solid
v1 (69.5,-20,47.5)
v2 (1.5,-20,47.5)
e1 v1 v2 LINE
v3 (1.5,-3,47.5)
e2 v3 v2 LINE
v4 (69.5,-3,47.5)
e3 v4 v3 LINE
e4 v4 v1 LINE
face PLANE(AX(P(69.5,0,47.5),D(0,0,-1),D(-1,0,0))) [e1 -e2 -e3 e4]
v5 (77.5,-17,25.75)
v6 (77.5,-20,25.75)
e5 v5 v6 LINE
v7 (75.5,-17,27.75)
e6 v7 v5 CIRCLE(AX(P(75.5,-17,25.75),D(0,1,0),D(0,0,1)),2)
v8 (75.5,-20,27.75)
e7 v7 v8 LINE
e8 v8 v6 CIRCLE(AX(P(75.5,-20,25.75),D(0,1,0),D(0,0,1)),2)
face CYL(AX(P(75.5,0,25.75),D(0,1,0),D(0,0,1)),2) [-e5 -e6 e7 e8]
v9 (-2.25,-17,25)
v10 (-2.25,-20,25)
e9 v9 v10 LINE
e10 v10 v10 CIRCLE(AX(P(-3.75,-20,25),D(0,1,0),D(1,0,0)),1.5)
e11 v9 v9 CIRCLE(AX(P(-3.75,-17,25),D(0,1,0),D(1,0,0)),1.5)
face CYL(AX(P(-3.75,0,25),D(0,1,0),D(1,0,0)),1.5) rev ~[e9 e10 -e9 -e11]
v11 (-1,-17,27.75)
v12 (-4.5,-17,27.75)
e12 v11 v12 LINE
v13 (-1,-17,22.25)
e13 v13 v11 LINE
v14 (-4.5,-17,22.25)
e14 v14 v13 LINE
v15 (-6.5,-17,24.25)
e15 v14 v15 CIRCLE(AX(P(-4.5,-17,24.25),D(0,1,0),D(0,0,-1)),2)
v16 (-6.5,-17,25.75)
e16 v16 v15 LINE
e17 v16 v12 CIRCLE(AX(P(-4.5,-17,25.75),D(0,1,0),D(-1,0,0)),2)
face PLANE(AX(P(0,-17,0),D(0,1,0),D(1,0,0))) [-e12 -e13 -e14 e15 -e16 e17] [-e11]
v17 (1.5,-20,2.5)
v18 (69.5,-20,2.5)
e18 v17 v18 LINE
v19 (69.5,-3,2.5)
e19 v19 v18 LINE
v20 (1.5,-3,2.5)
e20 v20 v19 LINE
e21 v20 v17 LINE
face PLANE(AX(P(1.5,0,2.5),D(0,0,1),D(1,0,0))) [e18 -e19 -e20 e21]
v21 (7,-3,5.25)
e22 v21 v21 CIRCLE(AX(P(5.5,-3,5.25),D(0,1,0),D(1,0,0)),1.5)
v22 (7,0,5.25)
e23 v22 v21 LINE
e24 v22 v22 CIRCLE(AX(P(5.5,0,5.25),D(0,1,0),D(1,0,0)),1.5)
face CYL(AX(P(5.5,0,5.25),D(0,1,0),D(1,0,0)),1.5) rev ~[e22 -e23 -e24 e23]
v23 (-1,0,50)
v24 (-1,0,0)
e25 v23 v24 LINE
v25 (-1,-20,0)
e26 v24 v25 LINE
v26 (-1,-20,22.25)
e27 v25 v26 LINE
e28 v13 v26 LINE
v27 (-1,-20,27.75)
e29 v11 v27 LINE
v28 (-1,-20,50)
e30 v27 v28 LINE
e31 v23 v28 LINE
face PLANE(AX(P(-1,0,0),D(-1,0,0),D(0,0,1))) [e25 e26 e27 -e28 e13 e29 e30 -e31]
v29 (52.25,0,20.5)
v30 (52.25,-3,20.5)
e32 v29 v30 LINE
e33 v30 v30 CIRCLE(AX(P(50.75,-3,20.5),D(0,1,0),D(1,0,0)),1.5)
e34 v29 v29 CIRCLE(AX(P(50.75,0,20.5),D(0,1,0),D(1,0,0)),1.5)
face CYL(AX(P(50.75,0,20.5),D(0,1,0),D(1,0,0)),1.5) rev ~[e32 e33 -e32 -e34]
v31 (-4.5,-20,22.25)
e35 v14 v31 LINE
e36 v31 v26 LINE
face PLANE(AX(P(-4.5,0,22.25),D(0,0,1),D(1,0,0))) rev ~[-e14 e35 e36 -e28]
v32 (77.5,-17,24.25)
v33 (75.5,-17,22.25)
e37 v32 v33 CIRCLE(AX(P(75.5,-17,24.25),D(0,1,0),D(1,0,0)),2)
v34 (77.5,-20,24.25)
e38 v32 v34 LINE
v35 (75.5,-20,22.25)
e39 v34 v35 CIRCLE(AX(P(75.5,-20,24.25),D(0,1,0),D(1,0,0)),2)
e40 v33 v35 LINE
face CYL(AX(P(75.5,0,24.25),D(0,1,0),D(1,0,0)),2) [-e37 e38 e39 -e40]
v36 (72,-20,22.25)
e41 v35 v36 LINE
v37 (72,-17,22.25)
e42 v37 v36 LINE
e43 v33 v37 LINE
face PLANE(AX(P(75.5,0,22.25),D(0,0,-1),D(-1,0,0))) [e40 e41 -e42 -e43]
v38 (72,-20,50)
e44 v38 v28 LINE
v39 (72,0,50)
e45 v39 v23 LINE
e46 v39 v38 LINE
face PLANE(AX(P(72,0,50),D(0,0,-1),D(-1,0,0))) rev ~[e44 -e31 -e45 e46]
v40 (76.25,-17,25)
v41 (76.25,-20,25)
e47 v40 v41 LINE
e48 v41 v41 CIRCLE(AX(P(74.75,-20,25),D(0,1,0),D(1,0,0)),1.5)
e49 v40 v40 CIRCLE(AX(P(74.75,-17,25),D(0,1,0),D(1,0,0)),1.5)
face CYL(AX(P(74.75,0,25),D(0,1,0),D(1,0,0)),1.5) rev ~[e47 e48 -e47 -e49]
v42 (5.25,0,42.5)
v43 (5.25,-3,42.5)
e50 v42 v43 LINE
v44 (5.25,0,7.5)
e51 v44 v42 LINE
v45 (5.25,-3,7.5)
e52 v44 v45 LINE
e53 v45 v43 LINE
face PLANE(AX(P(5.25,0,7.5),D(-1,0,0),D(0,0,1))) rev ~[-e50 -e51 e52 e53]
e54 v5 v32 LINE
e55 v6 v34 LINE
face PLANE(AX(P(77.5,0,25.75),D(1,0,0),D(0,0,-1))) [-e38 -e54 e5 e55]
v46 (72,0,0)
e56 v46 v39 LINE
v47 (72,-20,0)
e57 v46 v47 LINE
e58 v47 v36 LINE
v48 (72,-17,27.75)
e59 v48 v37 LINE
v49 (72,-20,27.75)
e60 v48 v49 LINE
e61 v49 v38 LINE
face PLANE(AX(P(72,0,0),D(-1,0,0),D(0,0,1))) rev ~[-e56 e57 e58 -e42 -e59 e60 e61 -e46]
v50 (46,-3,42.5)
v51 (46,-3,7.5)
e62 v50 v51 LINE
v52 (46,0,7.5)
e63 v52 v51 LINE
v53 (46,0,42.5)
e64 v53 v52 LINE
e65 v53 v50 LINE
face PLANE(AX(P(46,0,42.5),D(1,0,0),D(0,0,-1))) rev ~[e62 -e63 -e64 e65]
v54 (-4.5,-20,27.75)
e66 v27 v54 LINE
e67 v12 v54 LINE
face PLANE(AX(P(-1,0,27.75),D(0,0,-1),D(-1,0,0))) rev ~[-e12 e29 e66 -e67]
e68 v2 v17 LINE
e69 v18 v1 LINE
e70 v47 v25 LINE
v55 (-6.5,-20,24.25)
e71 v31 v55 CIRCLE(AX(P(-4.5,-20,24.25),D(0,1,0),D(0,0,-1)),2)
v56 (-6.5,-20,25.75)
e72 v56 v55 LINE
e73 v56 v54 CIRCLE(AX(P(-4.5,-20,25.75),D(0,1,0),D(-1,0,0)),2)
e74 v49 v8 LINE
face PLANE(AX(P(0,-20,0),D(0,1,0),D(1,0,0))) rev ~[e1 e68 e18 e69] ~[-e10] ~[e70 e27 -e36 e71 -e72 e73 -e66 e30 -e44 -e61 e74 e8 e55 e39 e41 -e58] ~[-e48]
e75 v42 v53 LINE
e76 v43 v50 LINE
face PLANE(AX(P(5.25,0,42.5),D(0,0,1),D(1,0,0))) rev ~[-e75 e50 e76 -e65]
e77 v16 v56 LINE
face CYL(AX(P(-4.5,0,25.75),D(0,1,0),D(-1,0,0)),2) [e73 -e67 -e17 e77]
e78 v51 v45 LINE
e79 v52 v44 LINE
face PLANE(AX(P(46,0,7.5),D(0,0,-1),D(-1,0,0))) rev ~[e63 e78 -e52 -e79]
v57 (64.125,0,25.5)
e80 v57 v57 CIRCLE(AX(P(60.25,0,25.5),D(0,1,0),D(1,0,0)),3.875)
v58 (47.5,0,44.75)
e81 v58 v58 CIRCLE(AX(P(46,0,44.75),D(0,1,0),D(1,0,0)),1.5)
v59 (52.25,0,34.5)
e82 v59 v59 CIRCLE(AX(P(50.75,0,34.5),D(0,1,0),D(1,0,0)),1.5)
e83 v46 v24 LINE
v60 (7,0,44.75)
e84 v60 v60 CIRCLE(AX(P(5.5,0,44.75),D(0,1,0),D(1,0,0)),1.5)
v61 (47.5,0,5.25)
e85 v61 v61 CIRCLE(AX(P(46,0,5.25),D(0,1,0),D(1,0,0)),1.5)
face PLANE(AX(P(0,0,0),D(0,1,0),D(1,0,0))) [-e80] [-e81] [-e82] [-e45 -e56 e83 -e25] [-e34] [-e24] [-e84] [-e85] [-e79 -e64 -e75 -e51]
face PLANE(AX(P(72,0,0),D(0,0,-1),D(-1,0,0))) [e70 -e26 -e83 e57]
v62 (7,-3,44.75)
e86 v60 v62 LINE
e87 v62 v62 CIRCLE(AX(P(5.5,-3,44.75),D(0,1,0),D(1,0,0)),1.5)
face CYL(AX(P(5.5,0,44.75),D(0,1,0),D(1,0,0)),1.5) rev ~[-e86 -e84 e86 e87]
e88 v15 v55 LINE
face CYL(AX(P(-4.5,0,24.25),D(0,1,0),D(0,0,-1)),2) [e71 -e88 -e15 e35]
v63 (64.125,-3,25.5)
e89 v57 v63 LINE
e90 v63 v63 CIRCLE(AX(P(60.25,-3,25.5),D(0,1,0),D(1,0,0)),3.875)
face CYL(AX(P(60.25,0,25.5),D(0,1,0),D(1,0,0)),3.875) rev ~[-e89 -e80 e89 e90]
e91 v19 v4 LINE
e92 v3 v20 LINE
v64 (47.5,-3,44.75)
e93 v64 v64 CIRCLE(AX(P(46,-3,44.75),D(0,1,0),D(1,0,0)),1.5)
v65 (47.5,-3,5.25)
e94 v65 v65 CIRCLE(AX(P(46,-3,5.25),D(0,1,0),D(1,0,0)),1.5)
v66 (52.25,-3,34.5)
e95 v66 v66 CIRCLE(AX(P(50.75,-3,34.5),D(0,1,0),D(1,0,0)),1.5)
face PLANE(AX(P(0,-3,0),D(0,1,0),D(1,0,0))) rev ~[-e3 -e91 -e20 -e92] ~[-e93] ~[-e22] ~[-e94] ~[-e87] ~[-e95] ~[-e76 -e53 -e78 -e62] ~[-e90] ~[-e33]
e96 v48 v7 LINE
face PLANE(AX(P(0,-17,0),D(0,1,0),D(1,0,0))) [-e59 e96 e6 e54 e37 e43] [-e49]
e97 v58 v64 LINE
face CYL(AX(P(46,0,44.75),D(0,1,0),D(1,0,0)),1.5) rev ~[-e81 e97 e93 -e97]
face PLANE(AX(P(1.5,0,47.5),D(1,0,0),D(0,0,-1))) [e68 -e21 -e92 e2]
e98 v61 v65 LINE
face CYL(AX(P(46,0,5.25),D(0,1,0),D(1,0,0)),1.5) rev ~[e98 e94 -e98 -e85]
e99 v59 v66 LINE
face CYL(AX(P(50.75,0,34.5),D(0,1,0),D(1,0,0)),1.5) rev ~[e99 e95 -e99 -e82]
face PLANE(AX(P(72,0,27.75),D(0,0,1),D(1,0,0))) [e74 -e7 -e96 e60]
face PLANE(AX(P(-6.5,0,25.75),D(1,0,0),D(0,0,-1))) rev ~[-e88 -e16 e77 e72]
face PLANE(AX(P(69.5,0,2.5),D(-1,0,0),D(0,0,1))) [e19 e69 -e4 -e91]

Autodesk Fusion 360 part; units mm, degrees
sketch "Sketch1" plane through (0, 0, 0) normal (0, 1, 0) x (1, 0, 0)
  line L0 (72, -50) -> (-1, -50)
  line L1 (1.5, -2.5) -> (69.5, -2.5)
  line L2 (69.5, -47.5) -> (1.5, -47.5)
  circle A0 centre (5.5, -5.25) radius 1.5
  circle A1 centre (5.5, -44.75) radius 1.5
  circle A2 centre (46, -5.25) radius 1.5
  circle A3 centre (46, -44.75) radius 1.5
  line L3 (46, -7.5) -> (5.25, -7.5)
  line L4 (5.25, -7.5) -> (5.25, -42.5)
  line L5 (5.25, -42.5) -> (46, -42.5)
  line L6 (46, -42.5) -> (46, -7.5)
  line L7 (46, -7.5) -> (5.25, -42.5) construction
  line L8 (5.25, -7.5) -> (46, -42.5) construction
  line L9 (72, 0) -> (-1, 0)
  line L10 (-1, 39.9342) -> (-1, -50)
  line L11 (1.5, -47.5) -> (1.5, -2.5)
  line L12 (67.25, -14.5) -> (48.25, -14.5)
  line L13 (48.25, -14.5) -> (48.25, -40.5)
  line L14 (48.25, -40.5) -> (67.25, -40.5)
  line L15 (67.25, -40.5) -> (67.25, -14.5)
  line L16 (67.25, -14.5) -> (48.25, -40.5) construction
  line L17 (48.25, -14.5) -> (67.25, -40.5) construction
  line L18 (67.25, -14.5) -> (60.25, -14.5)
  line L19 (69.5, -2.5) -> (69.5, -47.5)
  line L20 (72, 0) -> (72, -50)
  circle A4 centre (60.25, -25.5) radius 3.875
  line L21 (48.25, -14.5) -> (50.75, -14.5)
  circle A5 centre (50.75, -20.5) radius 1.5
  circle A6 centre (50.75, -34.5) radius 1.5
  point P0 (25.625, -25)
  point P1 (57.75, -27.5)
  dimension "d10" = 3
  dimension "d12" = 35
  dimension "d15" = 19
  dimension "d19" = 26
  dimension "d20" = 2.5
  dimension "d21" = 40.75
  dimension "d22" = 4
  dimension "d30" = 7.75
  dimension "d31" = 2.5
  dimension "d32" = 6
  dimension "d34" = 3
  dimension "d35" = 3
  dimension "d36" = 7
  dimension "d37" = 11
extrude "Extrude1" add sketch "Sketch1" against normal blind 3 contours L1 L2 L11 L19 | L12 L13 L14 L15 L18 L21
extrude "Extrude2" add sketch "Sketch1" against normal blind 20 contours L0 L9 L10 L20
sketch "Sketch2" plane through (0, 0, 0) normal (0, 1, 0) x (1, 0, 0)
  line L0 (72, 0) -> (72, -50)
  line L1 (72, -25) -> (72, -27.75)
  line L2 (72, -27.75) -> (75.5, -27.75)
  line L3 (77.5, -25.75) -> (77.5, -24.25)
  line L4 (75.5, -22.25) -> (72, -22.25)
  line L5 (72, -22.25) -> (72, -27.75)
  circle A0 centre (74.75, -25) radius 1.5
  line L6 (72, 0) -> (-1, 0)
  line L7 (35.5, 0) -> (35.5, -15)
  arc A1 (77.5, -24.25) -> (75.5, -22.25) centre (75.5, -24.25) ccw
  arc A2 (75.5, -27.75) -> (77.5, -25.75) centre (75.5, -25.75) ccw
  circle A3 centre (-3.75, -25) radius 1.5
  arc A4 (-6.5, -25.75) -> (-4.5, -27.75) centre (-4.5, -25.75) ccw
  arc A5 (-4.5, -22.25) -> (-6.5, -24.25) centre (-4.5, -24.25) ccw
  line L8 (-1, -22.25) -> (-1, -27.75)
  line L9 (-4.5, -22.25) -> (-1, -22.25)
  line L10 (-6.5, -25.75) -> (-6.5, -24.25)
  line L11 (-1, -27.75) -> (-4.5, -27.75)
  line L12 (-1, 0) -> (-1, -50)
  line L13 (-1, -25) -> (-1, -27.75)
  point P0 (77.5, -27.75)
  point P1 (-6.5, -27.75)
  dimension "d45" = 5.5
  dimension "d46" = 5.5
  dimension "d47" = 3
  dimension "d48" = 15
  dimension "d49" = 2
  dimension "d50" = 2
extrude "Extrude3" add sketch "Sketch2" against normal blind 20 contours A4 A5 L8 L9 L10 L11 L12 L13
extrude "Extrude4" cut sketch "Sketch2" against normal blind 17 contours A4 A5 L8 L9 L10 L11 L12 L13
extrude "Extrude5" add sketch "Sketch2" against normal blind 20 contours L0 L1 L2 L3 L4 L5 A1 A2
extrude "Extrude6" cut sketch "Sketch2" against normal blind 17 contours L0 L1 L2 L3 L4 L5 A1 A2
